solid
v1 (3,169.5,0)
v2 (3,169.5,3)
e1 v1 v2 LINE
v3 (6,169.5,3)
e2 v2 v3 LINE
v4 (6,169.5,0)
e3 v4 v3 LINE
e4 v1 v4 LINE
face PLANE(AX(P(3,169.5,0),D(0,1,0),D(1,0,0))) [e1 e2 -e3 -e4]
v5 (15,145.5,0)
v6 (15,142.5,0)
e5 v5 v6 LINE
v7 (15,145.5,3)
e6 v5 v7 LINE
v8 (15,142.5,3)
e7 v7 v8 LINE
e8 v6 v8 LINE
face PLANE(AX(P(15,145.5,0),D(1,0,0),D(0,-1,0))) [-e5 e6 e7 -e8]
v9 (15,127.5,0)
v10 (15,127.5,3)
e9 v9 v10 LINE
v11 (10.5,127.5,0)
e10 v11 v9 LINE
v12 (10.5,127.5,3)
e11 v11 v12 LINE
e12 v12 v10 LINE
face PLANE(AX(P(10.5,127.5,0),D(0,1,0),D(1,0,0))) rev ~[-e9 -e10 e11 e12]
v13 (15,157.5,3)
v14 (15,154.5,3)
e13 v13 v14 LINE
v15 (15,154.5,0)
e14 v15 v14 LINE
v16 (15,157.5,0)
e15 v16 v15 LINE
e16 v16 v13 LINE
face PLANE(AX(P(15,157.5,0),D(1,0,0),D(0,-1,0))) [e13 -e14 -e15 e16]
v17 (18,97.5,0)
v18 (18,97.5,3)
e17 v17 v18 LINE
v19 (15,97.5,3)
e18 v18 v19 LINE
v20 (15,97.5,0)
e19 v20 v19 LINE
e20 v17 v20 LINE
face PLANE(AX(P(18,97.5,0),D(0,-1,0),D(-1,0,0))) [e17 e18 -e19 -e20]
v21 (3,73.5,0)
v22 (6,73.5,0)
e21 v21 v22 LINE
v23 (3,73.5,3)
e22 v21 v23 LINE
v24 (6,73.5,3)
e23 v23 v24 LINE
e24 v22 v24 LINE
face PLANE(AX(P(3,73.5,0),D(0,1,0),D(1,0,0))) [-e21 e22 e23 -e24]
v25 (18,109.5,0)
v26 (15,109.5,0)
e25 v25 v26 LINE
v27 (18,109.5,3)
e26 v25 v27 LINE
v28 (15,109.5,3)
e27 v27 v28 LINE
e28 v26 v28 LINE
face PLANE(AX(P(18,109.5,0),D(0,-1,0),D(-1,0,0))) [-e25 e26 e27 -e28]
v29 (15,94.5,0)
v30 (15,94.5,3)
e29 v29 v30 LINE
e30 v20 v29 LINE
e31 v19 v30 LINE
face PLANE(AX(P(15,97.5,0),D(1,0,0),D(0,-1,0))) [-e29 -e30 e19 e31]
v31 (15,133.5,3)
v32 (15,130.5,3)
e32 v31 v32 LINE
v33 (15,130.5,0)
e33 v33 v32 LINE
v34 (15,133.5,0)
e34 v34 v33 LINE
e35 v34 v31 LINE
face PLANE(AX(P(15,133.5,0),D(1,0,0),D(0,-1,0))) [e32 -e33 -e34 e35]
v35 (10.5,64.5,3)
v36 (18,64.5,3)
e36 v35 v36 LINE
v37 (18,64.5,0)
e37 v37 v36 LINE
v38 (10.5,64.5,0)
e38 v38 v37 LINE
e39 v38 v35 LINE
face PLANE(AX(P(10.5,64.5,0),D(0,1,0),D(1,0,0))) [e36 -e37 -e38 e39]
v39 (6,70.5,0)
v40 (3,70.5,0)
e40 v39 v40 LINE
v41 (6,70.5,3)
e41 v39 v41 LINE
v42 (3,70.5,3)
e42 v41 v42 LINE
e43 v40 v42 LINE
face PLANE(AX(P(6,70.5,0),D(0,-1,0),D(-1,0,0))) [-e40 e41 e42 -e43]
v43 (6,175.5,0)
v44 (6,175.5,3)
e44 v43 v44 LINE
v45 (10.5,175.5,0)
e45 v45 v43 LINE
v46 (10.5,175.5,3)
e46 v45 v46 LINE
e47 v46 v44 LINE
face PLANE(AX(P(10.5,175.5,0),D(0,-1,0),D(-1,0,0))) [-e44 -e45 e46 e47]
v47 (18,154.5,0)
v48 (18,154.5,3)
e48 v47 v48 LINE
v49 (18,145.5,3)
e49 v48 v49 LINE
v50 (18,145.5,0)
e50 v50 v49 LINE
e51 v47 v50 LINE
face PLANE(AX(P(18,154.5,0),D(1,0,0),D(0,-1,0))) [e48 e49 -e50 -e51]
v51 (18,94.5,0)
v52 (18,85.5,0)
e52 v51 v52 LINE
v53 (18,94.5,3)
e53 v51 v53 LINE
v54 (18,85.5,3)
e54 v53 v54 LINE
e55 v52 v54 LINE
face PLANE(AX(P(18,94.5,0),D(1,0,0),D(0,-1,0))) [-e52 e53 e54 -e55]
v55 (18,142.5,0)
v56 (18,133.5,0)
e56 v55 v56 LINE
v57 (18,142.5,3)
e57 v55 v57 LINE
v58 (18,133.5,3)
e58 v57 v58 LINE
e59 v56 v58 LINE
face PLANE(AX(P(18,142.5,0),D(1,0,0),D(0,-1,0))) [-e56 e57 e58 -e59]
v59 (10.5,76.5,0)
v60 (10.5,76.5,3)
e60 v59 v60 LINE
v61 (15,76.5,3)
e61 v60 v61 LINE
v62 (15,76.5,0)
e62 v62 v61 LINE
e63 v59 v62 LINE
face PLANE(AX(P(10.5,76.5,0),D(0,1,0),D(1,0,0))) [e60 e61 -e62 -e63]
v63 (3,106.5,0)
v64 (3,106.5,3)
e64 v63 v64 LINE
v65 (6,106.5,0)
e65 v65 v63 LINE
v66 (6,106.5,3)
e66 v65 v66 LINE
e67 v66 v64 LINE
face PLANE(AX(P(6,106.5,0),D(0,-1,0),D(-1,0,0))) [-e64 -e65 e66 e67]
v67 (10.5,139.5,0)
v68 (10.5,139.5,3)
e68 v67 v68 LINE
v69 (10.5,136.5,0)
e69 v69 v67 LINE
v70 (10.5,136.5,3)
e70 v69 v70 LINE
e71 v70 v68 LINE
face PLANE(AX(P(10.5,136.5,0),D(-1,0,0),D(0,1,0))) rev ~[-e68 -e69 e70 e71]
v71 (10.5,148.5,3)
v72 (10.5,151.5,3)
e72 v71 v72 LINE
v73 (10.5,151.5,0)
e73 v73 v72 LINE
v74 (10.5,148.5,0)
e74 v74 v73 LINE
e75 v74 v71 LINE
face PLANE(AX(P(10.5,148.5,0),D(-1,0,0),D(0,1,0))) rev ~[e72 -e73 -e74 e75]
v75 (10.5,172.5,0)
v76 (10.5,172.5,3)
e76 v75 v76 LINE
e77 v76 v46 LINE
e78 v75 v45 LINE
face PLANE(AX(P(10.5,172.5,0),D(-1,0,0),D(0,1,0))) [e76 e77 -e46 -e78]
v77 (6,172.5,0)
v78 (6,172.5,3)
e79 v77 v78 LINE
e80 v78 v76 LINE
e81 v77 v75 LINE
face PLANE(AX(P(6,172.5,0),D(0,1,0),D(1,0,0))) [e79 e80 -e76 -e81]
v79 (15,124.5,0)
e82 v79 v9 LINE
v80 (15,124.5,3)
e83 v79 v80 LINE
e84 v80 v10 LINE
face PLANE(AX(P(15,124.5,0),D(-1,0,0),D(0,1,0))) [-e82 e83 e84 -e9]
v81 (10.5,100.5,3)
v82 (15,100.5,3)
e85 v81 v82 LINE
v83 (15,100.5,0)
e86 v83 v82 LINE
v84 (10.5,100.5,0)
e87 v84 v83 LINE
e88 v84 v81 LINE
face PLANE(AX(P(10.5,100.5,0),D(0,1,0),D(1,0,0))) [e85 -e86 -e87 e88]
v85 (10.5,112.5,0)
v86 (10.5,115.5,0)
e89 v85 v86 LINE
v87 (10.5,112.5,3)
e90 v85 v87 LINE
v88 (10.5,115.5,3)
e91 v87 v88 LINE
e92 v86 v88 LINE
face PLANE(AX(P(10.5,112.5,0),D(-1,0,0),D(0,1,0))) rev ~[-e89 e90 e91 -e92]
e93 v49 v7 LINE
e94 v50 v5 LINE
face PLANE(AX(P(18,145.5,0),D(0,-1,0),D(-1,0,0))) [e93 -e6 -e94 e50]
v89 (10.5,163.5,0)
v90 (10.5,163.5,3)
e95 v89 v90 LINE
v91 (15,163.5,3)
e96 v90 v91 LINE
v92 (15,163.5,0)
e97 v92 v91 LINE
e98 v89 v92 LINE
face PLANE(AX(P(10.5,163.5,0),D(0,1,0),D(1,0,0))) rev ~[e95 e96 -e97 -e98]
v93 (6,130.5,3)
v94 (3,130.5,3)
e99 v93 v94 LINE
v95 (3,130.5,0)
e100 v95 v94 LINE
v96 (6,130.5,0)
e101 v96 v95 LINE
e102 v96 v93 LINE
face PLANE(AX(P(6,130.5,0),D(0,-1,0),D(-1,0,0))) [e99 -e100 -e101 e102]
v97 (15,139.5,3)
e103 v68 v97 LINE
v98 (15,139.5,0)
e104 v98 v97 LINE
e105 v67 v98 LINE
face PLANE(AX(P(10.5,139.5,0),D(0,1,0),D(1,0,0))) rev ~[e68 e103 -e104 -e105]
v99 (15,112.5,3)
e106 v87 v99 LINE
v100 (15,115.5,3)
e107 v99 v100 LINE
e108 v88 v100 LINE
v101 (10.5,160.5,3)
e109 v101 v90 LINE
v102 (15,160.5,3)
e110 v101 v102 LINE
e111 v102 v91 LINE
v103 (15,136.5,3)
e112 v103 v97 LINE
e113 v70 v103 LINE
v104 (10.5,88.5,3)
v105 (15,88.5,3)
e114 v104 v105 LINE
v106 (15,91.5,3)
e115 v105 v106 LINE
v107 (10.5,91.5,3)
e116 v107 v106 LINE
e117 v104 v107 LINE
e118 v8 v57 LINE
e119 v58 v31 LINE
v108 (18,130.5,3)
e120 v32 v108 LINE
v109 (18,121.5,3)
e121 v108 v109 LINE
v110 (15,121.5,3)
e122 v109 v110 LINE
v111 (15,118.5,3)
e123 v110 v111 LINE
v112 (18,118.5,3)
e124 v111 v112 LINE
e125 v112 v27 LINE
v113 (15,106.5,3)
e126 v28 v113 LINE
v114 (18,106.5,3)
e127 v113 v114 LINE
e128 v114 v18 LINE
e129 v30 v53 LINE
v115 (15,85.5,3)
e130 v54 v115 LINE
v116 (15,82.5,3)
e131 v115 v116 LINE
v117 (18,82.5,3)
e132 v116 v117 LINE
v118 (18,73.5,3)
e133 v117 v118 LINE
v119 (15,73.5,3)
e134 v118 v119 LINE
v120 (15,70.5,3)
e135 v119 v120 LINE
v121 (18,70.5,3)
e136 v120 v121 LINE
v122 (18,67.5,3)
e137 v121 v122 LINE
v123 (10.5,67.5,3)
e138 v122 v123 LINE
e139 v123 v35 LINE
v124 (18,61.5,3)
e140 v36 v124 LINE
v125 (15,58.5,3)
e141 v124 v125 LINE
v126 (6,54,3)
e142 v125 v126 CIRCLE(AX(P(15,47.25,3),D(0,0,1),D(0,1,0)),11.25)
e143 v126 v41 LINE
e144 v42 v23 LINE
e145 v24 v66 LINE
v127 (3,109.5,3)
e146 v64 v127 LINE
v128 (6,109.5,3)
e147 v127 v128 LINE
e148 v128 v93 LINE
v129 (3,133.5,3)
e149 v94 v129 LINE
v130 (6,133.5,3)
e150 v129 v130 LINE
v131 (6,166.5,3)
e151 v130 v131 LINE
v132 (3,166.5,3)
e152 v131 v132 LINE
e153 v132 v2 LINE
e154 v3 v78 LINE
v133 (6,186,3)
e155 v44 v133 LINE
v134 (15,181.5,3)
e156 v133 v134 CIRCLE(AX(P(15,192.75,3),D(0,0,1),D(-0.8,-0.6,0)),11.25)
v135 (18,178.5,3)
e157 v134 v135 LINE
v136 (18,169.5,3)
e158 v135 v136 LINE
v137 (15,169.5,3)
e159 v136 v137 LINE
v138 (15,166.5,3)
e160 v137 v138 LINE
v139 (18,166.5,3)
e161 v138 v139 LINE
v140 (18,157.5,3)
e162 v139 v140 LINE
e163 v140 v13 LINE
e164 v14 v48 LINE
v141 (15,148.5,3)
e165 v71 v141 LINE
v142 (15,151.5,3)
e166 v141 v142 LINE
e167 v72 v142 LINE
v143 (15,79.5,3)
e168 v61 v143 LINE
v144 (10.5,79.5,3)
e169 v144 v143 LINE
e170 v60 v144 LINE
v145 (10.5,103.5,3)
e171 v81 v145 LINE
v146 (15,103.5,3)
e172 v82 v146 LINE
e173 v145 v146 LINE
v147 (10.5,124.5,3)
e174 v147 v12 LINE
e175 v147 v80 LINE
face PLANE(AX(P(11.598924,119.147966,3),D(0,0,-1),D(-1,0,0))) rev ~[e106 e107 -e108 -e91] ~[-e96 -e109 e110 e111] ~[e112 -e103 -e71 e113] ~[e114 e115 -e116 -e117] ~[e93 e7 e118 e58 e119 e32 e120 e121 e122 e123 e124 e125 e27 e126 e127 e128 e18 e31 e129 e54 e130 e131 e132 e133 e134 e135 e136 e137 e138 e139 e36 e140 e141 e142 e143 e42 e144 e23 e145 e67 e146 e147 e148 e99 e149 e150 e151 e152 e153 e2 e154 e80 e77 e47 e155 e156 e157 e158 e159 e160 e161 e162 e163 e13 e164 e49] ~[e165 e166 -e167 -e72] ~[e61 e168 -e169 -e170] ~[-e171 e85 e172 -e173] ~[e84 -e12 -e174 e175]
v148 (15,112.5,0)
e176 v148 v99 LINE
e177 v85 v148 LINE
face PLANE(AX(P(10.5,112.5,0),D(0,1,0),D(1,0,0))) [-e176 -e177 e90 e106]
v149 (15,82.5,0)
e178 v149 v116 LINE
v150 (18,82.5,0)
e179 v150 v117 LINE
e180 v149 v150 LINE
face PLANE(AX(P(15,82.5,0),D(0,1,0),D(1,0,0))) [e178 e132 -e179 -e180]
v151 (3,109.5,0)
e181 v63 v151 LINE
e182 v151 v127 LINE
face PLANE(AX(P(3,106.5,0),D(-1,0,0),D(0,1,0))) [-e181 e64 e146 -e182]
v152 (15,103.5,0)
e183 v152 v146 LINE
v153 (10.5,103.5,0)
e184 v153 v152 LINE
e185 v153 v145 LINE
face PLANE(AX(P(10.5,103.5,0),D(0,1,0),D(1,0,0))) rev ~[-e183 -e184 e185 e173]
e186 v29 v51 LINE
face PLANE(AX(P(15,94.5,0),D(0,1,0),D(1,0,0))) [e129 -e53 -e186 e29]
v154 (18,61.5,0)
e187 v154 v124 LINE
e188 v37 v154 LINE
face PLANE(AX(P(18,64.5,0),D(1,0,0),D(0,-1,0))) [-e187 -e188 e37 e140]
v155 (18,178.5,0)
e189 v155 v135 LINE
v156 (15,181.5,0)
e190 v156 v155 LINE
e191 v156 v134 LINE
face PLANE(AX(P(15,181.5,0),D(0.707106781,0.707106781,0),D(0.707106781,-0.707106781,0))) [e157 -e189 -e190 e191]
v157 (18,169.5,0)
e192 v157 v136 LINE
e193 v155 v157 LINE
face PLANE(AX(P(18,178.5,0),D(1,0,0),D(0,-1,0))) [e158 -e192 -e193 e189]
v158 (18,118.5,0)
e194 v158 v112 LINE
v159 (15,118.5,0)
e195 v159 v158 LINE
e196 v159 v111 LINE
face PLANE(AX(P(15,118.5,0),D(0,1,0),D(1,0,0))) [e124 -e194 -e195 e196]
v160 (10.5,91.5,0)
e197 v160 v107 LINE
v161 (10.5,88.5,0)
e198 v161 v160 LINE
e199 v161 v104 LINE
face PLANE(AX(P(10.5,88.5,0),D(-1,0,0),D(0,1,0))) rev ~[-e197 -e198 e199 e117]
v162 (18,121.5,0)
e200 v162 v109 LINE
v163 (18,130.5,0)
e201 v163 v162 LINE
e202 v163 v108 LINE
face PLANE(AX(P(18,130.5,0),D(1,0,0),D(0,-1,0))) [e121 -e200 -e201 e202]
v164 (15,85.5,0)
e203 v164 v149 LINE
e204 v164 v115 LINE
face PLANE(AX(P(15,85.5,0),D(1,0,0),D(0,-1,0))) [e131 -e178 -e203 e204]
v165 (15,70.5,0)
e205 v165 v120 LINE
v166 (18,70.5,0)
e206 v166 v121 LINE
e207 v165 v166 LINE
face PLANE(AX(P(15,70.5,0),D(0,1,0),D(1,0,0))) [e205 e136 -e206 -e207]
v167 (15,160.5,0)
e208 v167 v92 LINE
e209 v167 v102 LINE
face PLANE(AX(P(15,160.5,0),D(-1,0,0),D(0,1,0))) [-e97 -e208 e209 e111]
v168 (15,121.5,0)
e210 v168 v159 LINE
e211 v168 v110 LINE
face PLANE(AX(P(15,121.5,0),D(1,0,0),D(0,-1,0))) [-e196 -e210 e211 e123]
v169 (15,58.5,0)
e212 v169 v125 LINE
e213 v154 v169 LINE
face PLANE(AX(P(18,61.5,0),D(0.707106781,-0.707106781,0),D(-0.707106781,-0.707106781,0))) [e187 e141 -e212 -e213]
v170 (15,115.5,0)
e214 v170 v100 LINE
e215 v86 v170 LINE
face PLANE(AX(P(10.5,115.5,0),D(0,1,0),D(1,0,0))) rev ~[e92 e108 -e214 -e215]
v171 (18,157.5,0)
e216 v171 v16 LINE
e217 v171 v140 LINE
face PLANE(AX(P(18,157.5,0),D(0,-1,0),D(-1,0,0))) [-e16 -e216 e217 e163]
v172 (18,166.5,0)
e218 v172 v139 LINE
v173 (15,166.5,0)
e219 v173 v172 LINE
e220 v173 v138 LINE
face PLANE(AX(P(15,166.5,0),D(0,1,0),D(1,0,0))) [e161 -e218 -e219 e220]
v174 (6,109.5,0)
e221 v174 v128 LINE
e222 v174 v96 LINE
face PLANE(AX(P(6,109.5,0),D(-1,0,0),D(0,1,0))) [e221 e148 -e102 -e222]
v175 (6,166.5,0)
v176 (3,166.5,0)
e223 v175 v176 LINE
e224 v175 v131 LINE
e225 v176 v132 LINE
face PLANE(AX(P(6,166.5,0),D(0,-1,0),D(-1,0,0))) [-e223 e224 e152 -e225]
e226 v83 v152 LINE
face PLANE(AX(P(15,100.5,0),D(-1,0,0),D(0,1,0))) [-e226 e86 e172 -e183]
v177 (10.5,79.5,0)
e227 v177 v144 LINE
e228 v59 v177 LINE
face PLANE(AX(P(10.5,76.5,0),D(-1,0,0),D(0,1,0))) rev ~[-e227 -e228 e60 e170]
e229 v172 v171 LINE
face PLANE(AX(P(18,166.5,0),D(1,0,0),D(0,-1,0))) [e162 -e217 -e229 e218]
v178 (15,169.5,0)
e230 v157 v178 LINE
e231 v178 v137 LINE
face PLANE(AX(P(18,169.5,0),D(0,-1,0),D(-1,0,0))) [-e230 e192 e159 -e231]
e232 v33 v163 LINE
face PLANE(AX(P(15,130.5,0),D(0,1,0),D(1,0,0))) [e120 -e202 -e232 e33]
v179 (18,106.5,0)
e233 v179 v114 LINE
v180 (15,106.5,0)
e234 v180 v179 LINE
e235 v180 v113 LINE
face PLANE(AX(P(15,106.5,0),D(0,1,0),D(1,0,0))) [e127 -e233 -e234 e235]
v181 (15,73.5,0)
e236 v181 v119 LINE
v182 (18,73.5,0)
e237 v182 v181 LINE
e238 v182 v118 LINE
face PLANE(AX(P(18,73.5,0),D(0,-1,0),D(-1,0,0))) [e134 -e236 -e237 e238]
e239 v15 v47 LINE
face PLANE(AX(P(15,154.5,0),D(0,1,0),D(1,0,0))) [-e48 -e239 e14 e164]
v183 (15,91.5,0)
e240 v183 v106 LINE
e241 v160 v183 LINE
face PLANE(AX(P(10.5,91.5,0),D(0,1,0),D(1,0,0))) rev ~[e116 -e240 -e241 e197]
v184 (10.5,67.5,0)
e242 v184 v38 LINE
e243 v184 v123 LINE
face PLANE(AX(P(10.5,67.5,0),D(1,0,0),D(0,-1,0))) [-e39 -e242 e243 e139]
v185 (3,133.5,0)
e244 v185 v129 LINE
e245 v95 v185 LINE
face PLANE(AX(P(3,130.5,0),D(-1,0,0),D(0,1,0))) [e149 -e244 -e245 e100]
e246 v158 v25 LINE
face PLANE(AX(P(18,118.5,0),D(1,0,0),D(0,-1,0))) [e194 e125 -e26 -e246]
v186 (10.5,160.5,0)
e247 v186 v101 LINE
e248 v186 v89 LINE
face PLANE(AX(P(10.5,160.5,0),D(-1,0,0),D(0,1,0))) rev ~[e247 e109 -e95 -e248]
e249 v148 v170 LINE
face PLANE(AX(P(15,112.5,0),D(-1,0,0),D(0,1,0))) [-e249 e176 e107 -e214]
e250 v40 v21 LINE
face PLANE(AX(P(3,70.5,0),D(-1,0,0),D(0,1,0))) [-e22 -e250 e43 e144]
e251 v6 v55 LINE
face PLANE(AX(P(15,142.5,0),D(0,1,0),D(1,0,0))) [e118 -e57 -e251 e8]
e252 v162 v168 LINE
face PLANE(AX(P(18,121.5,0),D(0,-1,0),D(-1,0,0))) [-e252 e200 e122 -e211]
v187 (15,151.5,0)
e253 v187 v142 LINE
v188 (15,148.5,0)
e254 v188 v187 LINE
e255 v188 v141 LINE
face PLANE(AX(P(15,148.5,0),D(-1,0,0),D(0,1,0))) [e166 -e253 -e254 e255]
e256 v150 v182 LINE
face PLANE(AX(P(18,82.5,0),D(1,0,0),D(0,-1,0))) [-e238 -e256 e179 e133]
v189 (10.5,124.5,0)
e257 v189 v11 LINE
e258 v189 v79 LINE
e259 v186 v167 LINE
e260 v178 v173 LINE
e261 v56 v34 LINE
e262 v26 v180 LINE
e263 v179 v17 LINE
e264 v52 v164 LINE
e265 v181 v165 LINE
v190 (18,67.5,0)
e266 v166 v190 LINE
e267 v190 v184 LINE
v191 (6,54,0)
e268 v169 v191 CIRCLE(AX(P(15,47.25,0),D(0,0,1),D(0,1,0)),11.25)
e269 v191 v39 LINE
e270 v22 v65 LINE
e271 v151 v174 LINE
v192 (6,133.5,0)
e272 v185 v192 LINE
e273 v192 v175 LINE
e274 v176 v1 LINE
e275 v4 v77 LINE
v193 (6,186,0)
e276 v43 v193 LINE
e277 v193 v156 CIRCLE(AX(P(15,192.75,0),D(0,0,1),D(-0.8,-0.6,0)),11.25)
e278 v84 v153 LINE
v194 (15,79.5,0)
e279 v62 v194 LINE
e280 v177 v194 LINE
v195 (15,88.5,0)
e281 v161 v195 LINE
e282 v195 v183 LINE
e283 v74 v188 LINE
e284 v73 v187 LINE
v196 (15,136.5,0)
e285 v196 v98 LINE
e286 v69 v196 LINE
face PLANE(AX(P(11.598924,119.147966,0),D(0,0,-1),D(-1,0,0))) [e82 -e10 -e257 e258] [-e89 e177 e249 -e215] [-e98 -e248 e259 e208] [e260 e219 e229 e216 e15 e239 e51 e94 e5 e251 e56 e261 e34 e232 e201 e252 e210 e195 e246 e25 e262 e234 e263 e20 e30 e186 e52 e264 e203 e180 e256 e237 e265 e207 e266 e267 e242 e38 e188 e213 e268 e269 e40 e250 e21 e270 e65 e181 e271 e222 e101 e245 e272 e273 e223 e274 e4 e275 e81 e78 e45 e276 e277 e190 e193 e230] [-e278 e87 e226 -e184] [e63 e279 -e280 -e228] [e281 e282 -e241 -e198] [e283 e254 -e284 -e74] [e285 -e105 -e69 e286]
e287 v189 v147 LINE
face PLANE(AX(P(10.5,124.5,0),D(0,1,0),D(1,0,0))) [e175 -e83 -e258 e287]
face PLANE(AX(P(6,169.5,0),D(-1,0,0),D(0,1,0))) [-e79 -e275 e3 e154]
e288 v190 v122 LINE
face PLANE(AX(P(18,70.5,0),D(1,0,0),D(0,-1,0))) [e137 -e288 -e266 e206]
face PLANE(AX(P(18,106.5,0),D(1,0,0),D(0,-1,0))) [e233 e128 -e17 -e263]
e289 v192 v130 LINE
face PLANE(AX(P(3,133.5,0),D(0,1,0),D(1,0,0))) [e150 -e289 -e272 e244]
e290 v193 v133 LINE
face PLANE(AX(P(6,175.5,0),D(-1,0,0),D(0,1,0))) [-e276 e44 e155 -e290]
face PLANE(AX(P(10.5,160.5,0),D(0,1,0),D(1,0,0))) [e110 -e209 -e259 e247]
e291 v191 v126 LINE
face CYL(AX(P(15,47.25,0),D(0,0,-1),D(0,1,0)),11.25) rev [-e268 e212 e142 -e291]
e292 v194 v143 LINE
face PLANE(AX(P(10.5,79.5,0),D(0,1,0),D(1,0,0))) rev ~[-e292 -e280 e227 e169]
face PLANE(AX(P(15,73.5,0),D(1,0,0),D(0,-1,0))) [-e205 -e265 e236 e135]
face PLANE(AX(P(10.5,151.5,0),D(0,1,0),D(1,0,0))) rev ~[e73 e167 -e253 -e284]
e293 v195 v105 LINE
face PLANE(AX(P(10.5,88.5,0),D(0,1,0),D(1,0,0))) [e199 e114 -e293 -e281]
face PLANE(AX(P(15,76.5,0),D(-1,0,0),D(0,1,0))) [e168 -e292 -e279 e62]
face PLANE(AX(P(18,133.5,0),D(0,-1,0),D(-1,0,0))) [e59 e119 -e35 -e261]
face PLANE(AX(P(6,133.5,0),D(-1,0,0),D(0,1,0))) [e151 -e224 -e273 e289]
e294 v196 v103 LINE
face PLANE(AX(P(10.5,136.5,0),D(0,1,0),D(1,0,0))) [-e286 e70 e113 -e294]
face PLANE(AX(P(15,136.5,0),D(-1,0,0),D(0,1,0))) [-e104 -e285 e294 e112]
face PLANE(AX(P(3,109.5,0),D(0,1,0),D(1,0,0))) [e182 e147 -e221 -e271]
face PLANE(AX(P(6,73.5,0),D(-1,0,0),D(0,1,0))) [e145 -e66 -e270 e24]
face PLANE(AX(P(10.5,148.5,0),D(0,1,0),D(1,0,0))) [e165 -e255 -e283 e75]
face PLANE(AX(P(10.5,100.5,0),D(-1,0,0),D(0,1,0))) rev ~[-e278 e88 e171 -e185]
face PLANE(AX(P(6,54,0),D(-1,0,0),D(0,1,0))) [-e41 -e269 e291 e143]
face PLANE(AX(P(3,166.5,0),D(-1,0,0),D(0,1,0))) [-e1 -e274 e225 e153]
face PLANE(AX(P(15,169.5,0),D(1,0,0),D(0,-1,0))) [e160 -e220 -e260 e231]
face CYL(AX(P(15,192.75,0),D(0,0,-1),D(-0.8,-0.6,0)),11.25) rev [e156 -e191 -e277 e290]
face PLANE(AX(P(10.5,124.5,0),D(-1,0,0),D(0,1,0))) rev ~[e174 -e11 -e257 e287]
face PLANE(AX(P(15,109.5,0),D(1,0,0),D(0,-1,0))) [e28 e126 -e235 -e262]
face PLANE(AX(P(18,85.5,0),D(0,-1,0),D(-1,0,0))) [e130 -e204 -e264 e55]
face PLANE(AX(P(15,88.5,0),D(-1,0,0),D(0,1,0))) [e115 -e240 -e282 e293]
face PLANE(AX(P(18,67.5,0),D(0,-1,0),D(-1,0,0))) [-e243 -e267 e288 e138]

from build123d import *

# Parameters (mm, degrees)
SKETCH1_W           = 4.5
SKETCH1_H           = 3
BOSS_EXTRUDE1_DEPTH = 3


with BuildPart() as part:
    # Sketch1 → Boss-Extrude1 (new body)
    with BuildSketch(Plane.XY):
        with BuildLine():
            Line((18, 157.5), (15, 157.5))
            Line((15, 157.5), (15, 154.5))
            Line((15, 154.5), (18, 154.5))
            Line((18, 154.5), (18, 145.5))
            Line((18, 145.5), (15, 145.5))
            Line((15, 145.5), (15, 142.5))
            Line((15, 142.5), (18, 142.5))
            Line((18, 142.5), (18, 133.5))
            Line((18, 133.5), (15, 133.5))
            Line((15, 133.5), (15, 130.5))
            Line((15, 130.5), (18, 130.5))
            Line((18, 130.5), (18, 121.5))
            Line((18, 121.5), (15, 121.5))
            Line((15, 121.5), (15, 118.5))
            Line((15, 118.5), (18, 118.5))
            Line((18, 118.5), (18, 109.5))
            Line((18, 109.5), (15, 109.5))
            Line((15, 109.5), (15, 106.5))
            Line((15, 106.5), (18, 106.5))
            Line((18, 106.5), (18, 97.5))
            Line((18, 97.5), (15, 97.5))
            Line((15, 97.5), (15, 94.5))
            Line((15, 94.5), (18, 94.5))
            Line((18, 94.5), (18, 85.5))
            Line((18, 85.5), (15, 85.5))
            Line((15, 85.5), (15, 82.5))
            Line((15, 82.5), (18, 82.5))
            Line((18, 82.5), (18, 73.5))
            Line((18, 73.5), (15, 73.5))
            Line((15, 73.5), (15, 70.5))
            Line((15, 70.5), (18, 70.5))
            Line((18, 70.5), (18, 67.5))
            Line((18, 67.5), (10.5, 67.5))
            Line((10.5, 67.5), (10.5, 64.5))
            Line((10.5, 64.5), (18, 64.5))
            Line((18, 64.5), (18, 61.5))
            Line((18, 61.5), (15, 58.5))
            ThreePointArc((15, 58.5), (9.968847051, 57.312305899), (6, 54))
            Line((6, 54), (6, 70.5))
            Line((6, 70.5), (3, 70.5))
            Line((3, 70.5), (3, 73.5))
            Line((3, 73.5), (6, 73.5))
            Line((6, 73.5), (6, 106.5))
            Line((6, 106.5), (3, 106.5))
            Line((3, 106.5), (3, 109.5))
            Line((3, 109.5), (6, 109.5))
            Line((6, 109.5), (6, 130.5))
            Line((6, 130.5), (3, 130.5))
            Line((3, 130.5), (3, 133.5))
            Line((3, 133.5), (6, 133.5))
            Line((6, 133.5), (6, 166.5))
            Line((6, 166.5), (3, 166.5))
            Line((3, 166.5), (3, 169.5))
            Line((3, 169.5), (6, 169.5))
            Line((6, 169.5), (6, 172.5))
            Line((6, 172.5), (10.5, 172.5))
            Line((10.5, 172.5), (10.5, 175.5))
            Line((10.5, 175.5), (6, 175.5))
            Line((6, 175.5), (6, 186))
            ThreePointArc((6, 186), (9.968847051, 182.687694101), (15, 181.5))
            Line((15, 181.5), (18, 178.5))
            Line((18, 178.5), (18, 169.5))
            Line((18, 169.5), (15, 169.5))
            Line((15, 169.5), (15, 166.5))
            Line((15, 166.5), (18, 166.5))
            Line((18, 166.5), (18, 157.5))
        make_face()
        with Locations((12.75, 78)):
            Rectangle(SKETCH1_W, SKETCH1_H, mode=Mode.SUBTRACT)
        with Locations((12.75, 162)):
            Rectangle(SKETCH1_W, SKETCH1_H, mode=Mode.SUBTRACT)
        with Locations((12.75, 150)):
            Rectangle(SKETCH1_W, SKETCH1_H, mode=Mode.SUBTRACT)
        with Locations((12.75, 138)):
            Rectangle(SKETCH1_W, SKETCH1_H, mode=Mode.SUBTRACT)
        with Locations((12.75, 126)):
            Rectangle(SKETCH1_W, SKETCH1_H, mode=Mode.SUBTRACT)
        with Locations((12.75, 114)):
            Rectangle(SKETCH1_W, SKETCH1_H, mode=Mode.SUBTRACT)
        with Locations((12.75, 102)):
            Rectangle(SKETCH1_W, SKETCH1_H, mode=Mode.SUBTRACT)
        with Locations((12.75, 90)):
            Rectangle(SKETCH1_W, SKETCH1_H, mode=Mode.SUBTRACT)
    extrude(amount=BOSS_EXTRUDE1_DEPTH)


solid = part.part
